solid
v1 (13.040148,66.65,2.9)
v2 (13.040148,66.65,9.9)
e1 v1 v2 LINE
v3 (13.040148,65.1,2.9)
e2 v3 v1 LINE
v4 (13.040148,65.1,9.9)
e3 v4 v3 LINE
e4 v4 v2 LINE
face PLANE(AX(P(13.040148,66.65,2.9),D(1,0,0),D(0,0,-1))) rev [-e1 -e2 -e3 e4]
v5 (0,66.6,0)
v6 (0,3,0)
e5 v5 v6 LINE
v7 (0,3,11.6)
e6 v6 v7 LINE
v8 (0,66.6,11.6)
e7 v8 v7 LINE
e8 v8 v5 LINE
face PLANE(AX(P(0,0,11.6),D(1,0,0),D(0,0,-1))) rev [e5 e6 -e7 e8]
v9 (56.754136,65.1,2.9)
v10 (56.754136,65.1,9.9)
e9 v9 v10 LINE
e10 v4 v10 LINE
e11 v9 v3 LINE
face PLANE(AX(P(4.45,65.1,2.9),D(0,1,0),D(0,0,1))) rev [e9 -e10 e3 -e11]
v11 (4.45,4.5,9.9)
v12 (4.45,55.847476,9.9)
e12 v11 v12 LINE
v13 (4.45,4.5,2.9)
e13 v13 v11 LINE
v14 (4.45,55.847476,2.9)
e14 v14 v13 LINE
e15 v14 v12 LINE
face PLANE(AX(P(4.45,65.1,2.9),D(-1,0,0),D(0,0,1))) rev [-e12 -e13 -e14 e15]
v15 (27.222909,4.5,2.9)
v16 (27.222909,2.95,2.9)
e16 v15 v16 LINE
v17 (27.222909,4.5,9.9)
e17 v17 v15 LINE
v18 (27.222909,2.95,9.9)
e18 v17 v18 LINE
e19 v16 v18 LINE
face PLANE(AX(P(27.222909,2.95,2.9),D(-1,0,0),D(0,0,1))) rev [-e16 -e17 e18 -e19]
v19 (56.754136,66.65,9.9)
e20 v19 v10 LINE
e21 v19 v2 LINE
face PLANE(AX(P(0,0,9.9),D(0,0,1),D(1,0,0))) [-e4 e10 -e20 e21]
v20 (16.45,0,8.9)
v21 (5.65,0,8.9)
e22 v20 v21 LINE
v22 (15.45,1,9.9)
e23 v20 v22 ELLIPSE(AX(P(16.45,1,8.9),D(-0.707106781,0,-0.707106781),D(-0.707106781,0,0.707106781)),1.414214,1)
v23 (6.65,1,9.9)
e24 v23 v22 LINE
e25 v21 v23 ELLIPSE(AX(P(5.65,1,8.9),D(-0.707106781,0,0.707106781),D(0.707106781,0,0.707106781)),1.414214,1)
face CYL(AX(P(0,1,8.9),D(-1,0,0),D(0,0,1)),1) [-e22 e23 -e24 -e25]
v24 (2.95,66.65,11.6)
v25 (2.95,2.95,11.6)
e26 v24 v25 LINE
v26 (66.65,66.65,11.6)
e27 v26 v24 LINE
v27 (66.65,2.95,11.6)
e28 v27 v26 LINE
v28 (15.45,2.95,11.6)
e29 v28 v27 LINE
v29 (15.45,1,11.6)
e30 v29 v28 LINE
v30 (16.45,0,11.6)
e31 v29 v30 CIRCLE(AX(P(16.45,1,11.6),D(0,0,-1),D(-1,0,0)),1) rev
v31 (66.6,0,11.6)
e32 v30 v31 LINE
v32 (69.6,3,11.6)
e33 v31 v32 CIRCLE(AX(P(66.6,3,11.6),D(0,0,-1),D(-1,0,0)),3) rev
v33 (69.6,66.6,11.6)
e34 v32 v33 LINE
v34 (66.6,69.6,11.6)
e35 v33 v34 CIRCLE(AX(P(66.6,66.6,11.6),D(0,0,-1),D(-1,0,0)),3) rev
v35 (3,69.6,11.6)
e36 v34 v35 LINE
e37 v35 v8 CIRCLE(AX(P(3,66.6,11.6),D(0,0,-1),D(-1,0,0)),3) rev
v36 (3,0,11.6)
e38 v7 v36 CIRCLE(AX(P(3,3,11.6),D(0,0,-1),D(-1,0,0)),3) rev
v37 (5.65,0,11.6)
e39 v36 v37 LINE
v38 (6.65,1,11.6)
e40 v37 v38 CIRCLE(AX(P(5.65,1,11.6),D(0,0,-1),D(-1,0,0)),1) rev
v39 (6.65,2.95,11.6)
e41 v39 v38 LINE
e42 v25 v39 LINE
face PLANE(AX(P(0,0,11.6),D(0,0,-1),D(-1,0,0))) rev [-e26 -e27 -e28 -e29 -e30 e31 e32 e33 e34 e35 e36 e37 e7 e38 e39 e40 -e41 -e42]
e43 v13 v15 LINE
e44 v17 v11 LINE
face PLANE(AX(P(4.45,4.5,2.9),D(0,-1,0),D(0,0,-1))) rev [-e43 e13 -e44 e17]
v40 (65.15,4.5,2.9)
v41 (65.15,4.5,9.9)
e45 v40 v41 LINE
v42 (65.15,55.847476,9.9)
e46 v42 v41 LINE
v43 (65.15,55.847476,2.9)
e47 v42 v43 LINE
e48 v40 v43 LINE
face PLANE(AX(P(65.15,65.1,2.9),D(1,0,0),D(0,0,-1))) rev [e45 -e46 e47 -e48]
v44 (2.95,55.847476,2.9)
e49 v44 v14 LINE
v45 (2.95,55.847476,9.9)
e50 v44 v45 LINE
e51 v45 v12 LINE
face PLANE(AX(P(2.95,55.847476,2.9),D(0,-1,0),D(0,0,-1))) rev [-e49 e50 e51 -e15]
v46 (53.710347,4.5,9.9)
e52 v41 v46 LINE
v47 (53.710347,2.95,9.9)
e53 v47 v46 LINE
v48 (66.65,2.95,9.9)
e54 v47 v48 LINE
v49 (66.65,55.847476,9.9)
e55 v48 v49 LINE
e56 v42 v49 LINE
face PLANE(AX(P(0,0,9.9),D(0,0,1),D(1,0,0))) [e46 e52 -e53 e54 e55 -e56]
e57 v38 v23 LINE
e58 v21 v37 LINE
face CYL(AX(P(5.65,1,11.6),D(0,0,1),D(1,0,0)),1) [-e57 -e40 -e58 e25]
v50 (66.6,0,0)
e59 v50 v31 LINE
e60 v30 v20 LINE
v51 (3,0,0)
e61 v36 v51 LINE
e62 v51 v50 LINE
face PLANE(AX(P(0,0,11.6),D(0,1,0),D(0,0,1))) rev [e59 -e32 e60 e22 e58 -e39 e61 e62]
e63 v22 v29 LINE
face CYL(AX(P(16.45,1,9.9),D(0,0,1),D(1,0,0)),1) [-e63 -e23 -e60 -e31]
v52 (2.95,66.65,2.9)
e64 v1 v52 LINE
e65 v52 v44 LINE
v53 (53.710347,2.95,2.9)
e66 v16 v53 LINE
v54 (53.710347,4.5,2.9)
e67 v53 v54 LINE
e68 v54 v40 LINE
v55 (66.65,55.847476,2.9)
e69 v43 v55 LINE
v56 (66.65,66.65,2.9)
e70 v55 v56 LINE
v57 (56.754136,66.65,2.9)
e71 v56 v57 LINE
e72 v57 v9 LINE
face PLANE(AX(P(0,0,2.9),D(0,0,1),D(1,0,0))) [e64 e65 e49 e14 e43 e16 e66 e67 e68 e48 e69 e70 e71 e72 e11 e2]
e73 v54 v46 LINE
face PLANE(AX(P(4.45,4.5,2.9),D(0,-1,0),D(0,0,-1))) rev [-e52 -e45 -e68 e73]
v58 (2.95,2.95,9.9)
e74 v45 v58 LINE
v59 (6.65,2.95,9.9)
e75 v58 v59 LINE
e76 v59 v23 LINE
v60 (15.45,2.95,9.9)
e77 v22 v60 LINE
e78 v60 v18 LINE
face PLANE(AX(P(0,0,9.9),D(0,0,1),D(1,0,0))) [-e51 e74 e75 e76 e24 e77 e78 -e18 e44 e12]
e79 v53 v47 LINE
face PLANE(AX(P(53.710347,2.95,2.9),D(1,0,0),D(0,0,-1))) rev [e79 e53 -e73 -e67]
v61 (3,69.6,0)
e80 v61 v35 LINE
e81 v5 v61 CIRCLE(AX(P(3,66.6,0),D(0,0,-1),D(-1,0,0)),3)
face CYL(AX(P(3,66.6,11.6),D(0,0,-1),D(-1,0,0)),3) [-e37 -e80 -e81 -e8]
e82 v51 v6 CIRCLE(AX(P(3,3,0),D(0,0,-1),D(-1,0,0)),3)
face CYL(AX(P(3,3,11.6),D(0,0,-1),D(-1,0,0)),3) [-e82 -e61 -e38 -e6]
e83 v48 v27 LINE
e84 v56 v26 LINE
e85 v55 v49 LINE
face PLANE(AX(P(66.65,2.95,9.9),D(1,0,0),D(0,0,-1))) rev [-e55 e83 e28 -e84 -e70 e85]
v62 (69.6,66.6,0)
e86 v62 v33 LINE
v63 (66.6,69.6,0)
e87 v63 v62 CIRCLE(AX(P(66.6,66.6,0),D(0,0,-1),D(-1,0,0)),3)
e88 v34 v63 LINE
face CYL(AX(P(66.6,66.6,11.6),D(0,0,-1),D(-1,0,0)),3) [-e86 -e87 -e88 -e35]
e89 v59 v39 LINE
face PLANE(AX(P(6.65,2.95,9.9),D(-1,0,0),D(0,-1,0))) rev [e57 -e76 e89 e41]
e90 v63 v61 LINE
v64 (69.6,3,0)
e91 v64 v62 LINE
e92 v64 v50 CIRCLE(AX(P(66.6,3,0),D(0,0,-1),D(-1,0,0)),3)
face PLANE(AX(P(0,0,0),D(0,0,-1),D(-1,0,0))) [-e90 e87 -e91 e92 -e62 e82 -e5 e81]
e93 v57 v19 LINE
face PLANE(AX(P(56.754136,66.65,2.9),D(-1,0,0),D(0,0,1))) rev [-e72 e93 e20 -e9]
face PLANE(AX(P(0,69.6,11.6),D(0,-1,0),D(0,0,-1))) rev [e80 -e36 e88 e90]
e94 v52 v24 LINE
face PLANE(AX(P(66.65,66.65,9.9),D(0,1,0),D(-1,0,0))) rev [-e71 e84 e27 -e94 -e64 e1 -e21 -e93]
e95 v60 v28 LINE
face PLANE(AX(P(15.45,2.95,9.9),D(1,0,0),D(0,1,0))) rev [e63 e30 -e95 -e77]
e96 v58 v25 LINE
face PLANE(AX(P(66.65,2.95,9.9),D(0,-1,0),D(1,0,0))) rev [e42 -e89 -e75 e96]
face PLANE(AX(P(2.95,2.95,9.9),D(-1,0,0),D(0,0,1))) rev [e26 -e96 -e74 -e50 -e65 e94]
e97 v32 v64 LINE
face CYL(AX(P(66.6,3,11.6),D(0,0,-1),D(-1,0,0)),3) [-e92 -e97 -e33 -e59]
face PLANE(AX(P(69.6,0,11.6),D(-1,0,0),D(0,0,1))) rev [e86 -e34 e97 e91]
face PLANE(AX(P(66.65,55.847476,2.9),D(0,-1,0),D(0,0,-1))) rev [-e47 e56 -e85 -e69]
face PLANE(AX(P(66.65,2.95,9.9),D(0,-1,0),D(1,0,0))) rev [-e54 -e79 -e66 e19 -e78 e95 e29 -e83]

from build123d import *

# Parameters (mm, degrees)
SKETCH1_W           = 69.6
SKETCH1_H           = 69.6
BOSS_EXTRUDE1_DEPTH = 11.6
SKETCH2_W           = 60.7
SKETCH2_H           = 60.6
CUT_EXTRUDE3_DEPTH  = 8.7
SKETCH4_W           = 63.7
SKETCH4_H           = 63.7
CUT_EXTRUDE4_DEPTH  = 1.7
SKETCH5_W           = 8.8
SKETCH5_H           = 2.95
CUT_EXTRUDE5_DEPTH  = 1.7
SKETCH6_W           = 10.090148406
SKETCH6_H           = 10.8025245
SKETCH6_W_2         = 26.487438399
SKETCH6_H_2         = 3.614002098
SKETCH6_W_3         = 9.895864017
CUT_EXTRUDE6_DEPTH  = 7
FILLET1_R           = 3
FILLET2_R           = 1


with BuildPart() as part:
    # Sketch1 → Boss-Extrude1 (new body)
    with BuildSketch(Plane.XY):
        with Locations((34.8, 34.8)):
            Rectangle(SKETCH1_W, SKETCH1_H)
    extrude(amount=BOSS_EXTRUDE1_DEPTH)

    # Sketch2 → Cut-Extrude3 (cut)
    with BuildSketch(Plane.XY.offset(11.6)):
        with Locations((34.8, 34.8)):
            Rectangle(SKETCH2_W, SKETCH2_H)
    extrude(amount=-CUT_EXTRUDE3_DEPTH, mode=Mode.SUBTRACT)

    # Sketch4 → Cut-Extrude4 (cut)
    with BuildSketch(Plane.XY.offset(11.6)):
        with Locations((34.8, 34.8)):
            Rectangle(SKETCH4_W, SKETCH4_H)
    extrude(amount=-CUT_EXTRUDE4_DEPTH, mode=Mode.SUBTRACT)

    # Sketch5 → Cut-Extrude5 (cut)
    with BuildSketch(Plane.XY.offset(11.6)):
        with Locations((11.05, 1.475)):
            Rectangle(SKETCH5_W, SKETCH5_H)
    extrude(amount=-CUT_EXTRUDE5_DEPTH, mode=Mode.SUBTRACT)

    # Sketch6 → Cut-Extrude6 (cut)
    with BuildSketch(Plane.XY.offset(9.9)):
        with Locations((7.995074203, 61.24873775)):
            Rectangle(SKETCH6_W, SKETCH6_H)
        with Locations((40.46662802, 4.757001049)):
            Rectangle(SKETCH6_W_2, SKETCH6_H_2)
        with Locations((61.702067992, 61.24873775)):
            Rectangle(SKETCH6_W_3, SKETCH6_H)
    extrude(amount=-CUT_EXTRUDE6_DEPTH, mode=Mode.SUBTRACT)

    # Fillet1
    fillet1_edges = [part.edges().sort_by_distance(p)[0] for p in [
        (0, 69.6, 5.8),
        (69.6, 69.6, 5.8),
        (69.6, 0, 5.8),
        (0, 0, 5.8),
    ]]
    fillet(fillet1_edges, radius=FILLET1_R)

    # Fillet2
    fillet2_edges = [part.edges().sort_by_distance(p)[0] for p in [
        (11.05, 0, 9.9),
        (15.45, 0, 10.75),
        (6.65, 0, 10.75),
    ]]
    fillet(fillet2_edges, radius=FILLET2_R)


solid = part.part
